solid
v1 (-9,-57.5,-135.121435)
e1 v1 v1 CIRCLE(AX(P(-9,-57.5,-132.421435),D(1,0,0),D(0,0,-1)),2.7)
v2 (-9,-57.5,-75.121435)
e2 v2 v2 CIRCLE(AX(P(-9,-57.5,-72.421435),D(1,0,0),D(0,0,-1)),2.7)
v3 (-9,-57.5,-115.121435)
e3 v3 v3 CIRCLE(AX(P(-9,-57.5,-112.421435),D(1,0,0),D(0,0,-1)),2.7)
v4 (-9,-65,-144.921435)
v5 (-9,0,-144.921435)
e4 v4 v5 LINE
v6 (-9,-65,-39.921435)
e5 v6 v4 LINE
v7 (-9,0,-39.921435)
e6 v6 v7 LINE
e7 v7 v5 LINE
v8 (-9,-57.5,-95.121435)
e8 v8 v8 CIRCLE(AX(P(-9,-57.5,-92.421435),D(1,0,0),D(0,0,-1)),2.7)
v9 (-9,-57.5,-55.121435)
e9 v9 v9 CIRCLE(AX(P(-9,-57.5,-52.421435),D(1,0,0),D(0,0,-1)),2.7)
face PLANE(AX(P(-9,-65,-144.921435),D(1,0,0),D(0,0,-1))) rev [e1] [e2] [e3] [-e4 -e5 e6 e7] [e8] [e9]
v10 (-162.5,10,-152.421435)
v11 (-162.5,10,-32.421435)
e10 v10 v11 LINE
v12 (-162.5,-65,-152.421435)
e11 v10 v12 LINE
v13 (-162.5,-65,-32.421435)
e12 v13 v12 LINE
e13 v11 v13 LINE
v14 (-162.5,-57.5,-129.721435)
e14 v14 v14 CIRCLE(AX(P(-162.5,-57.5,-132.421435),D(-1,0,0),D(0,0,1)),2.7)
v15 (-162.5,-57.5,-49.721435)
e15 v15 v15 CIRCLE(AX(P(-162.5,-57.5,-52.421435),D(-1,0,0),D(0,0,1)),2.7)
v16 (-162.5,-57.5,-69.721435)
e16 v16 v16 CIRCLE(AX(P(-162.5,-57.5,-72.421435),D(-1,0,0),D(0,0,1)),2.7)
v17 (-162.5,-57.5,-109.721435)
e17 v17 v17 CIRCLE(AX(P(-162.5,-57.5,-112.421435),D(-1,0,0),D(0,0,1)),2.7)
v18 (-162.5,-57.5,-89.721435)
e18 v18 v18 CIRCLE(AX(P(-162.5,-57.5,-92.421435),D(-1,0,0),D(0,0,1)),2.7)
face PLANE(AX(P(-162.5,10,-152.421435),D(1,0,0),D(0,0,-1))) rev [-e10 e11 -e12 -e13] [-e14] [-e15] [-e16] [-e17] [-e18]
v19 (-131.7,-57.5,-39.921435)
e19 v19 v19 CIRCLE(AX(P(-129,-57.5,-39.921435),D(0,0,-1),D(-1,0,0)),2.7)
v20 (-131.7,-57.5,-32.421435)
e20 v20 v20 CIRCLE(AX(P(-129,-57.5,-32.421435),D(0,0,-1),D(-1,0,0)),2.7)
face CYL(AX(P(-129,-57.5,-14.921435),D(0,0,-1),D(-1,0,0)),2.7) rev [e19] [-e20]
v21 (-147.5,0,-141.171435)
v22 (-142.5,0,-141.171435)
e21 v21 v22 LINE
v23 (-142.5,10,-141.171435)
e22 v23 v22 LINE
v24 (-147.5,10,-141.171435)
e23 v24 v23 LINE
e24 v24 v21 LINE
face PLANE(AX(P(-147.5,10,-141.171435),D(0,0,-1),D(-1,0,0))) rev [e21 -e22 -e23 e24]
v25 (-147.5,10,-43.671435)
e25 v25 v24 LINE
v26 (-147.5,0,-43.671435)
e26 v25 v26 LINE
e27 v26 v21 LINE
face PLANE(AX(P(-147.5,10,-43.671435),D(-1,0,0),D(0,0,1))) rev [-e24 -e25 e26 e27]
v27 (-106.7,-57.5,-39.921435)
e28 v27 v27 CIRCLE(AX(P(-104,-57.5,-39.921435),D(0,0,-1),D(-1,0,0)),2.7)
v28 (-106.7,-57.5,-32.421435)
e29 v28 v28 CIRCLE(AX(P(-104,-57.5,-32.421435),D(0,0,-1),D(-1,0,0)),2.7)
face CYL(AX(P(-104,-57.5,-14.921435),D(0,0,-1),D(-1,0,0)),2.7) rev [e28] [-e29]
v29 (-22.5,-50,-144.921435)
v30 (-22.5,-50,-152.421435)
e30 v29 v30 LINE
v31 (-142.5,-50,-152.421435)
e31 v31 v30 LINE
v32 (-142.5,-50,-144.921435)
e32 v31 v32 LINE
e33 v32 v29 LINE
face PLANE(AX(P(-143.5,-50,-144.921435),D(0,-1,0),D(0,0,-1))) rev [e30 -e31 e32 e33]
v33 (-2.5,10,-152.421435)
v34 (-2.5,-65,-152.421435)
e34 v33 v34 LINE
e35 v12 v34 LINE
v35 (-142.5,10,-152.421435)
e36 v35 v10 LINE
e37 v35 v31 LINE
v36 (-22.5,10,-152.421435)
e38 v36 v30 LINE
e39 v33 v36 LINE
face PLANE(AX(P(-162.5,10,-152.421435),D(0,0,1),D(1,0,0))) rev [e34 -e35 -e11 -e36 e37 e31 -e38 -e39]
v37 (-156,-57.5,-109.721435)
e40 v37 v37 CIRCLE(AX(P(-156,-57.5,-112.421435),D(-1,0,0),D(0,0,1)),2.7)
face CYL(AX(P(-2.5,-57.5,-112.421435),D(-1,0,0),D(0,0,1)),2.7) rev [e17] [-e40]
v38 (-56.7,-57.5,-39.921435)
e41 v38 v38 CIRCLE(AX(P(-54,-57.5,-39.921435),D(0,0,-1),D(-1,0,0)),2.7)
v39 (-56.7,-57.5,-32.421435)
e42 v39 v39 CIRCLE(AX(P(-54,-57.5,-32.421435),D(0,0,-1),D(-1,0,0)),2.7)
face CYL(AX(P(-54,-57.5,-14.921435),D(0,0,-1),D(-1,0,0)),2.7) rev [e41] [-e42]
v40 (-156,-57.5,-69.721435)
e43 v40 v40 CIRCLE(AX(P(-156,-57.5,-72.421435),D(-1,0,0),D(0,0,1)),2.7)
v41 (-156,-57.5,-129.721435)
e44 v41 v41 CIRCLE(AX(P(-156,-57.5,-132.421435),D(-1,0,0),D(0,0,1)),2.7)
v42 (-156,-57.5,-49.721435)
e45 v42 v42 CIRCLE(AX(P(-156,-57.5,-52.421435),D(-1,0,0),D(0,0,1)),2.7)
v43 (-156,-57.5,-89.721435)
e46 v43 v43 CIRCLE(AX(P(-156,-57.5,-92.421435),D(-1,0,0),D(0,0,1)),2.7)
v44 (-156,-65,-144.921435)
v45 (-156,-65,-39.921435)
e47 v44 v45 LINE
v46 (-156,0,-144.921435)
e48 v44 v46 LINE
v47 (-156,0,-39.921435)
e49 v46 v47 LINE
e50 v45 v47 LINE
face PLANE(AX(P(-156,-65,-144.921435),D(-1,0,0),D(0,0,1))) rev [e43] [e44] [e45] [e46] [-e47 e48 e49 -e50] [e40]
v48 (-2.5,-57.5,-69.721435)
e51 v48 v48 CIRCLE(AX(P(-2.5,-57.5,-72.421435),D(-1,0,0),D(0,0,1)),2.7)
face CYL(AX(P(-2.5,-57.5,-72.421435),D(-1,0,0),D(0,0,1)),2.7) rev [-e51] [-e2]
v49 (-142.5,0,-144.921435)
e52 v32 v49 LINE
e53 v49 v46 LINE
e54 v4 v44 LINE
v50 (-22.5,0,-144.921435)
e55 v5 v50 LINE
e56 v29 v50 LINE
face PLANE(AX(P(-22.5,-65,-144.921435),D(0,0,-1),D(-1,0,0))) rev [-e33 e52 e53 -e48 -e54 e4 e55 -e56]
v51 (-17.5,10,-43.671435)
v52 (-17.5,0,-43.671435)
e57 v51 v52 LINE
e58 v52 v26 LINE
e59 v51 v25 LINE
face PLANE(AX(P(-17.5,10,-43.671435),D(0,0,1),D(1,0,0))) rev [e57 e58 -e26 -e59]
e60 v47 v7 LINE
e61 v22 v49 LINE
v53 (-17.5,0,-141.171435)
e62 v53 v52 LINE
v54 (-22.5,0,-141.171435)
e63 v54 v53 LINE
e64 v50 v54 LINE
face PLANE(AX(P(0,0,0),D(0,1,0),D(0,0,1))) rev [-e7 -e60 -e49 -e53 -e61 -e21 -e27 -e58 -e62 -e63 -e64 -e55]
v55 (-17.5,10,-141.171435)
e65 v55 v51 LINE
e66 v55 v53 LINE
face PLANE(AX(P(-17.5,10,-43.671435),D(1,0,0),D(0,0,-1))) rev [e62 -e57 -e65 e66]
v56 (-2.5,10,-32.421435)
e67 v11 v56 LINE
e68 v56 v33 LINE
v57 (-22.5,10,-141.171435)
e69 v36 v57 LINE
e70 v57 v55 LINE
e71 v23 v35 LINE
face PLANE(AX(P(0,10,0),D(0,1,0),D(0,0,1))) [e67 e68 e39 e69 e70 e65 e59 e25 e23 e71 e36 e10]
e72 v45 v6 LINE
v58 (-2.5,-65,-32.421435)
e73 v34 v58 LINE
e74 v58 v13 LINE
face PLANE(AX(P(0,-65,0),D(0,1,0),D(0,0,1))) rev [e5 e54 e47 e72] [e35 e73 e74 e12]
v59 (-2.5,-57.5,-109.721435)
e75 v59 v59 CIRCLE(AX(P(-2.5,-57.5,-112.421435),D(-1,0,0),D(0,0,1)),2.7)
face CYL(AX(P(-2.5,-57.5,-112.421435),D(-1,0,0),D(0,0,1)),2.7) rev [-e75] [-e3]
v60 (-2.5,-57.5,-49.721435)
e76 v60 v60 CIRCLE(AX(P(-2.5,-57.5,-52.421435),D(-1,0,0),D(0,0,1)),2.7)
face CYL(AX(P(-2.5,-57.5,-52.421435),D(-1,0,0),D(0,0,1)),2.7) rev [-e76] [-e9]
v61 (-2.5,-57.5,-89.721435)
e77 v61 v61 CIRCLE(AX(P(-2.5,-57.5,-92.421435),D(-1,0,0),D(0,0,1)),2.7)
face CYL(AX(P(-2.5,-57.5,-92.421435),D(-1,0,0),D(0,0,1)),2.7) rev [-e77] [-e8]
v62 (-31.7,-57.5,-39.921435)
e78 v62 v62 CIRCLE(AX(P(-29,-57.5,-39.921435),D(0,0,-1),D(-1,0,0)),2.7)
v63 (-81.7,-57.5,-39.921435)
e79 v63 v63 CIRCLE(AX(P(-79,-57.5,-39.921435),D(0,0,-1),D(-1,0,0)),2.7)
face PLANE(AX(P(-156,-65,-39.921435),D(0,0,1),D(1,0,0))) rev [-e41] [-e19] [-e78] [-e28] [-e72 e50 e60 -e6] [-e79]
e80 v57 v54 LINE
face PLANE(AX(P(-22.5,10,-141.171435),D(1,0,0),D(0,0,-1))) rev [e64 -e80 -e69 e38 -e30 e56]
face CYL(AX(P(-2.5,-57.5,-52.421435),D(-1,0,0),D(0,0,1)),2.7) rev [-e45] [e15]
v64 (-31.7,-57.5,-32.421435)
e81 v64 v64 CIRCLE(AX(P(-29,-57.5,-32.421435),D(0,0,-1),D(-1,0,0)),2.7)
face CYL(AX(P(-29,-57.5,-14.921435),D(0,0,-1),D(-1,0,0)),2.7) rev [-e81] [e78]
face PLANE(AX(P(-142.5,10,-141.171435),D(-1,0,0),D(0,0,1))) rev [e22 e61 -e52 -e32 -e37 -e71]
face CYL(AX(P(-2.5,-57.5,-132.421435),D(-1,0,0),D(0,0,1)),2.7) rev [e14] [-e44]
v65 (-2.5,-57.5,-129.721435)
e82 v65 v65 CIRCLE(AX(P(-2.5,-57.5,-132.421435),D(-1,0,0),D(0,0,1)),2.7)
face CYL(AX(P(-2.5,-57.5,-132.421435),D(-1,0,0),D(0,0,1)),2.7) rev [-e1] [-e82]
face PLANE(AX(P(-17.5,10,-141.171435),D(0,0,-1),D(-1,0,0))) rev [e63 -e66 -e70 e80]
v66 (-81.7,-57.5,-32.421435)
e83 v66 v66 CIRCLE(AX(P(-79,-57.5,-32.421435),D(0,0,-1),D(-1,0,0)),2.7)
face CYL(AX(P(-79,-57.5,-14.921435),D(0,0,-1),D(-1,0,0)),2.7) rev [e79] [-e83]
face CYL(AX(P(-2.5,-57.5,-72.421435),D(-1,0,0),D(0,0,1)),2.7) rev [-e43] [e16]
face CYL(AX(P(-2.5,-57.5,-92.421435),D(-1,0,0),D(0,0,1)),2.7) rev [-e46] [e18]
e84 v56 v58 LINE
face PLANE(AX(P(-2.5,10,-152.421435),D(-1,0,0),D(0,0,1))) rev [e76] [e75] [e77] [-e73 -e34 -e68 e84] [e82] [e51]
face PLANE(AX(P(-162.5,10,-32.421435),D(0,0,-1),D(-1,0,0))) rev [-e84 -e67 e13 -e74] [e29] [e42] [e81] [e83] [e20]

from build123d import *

# Parameters (mm, degrees)
BOSS_EXTRUDE1_DEPTH = 10
BOSS_EXTRUDE2_DEPTH = 65
SKETCH5_R           = 2.7
M5HOLES_DEPTH       = 231.341689519
SKETCH6_R           = 2.7
M5_HOLES_DEPTH      = 25
SKETCH7_W           = 7.5
SKETCH7_H           = 15
BOSS_EXTRUDE3_DEPTH = 121


with BuildPart() as part:
    # Sketch1 → Boss-Extrude1 (new body)
    with BuildSketch(Plane(origin=(0, 0, 0), x_dir=(1, 0, 0), z_dir=(0, 1, 0))):
        Polygon((-142.5, 141.171435272), (-142.5, 152.421435272), (-162.5, 152.421435272), (-162.5, 32.421435272), (-2.5, 32.421435272), (-2.5, 152.421435272), (-22.5, 152.421435272), (-22.5, 141.171435272), (-17.5, 141.171435272), (-17.5, 43.671435272), (-147.5, 43.671435272), (-147.5, 141.171435272), align=None)
    extrude(amount=BOSS_EXTRUDE1_DEPTH)

    # Sketch2 → Boss-Extrude2 (add)
    with BuildSketch(Plane.XZ):
        Polygon((-156, -144.921435272), (-156, -39.921435272), (-9, -39.921435272), (-9, -144.921435272), (-22.5, -144.921435272), (-22.5, -152.421435272), (-2.5, -152.421435272), (-2.5, -32.421435272), (-162.5, -32.421435272), (-162.5, -152.421435272), (-142.5, -152.421435272), (-142.5, -144.921435272), align=None)
    extrude(amount=BOSS_EXTRUDE2_DEPTH)

    # Sketch5 → M5holes (cut, through all)
    with BuildSketch(Plane.ZY.offset(162.5)):
        with Locations((-132.421435272, -57.5)):
            Circle(SKETCH5_R)
        with Locations((-112.421435272, -57.5)):
            Circle(SKETCH5_R)
        with Locations((-92.421435272, -57.5)):
            Circle(SKETCH5_R)
        with Locations((-72.421435272, -57.5)):
            Circle(SKETCH5_R)
        with Locations((-52.421435272, -57.5)):
            Circle(SKETCH5_R)
    extrude(amount=-M5HOLES_DEPTH, mode=Mode.SUBTRACT)

    # Sketch6 → M5_holes (cut)
    with BuildSketch(Plane(origin=(0, 0, -39.921435272), x_dir=(-1, 0, 0), z_dir=(0, 0, -1))):
        with Locations((29, -57.5)):
            Circle(SKETCH6_R)
        with Locations((54, -57.5)):
            Circle(SKETCH6_R)
        with Locations((79, -57.5)):
            Circle(SKETCH6_R)
        with Locations((104, -57.5)):
            Circle(SKETCH6_R)
        with Locations((129, -57.5)):
            Circle(SKETCH6_R)
    extrude(amount=-M5_HOLES_DEPTH, mode=Mode.SUBTRACT)

    # Sketch7 → Boss-Extrude3 (add)
    with BuildSketch(Plane.ZY.offset(22.5)):
        with Locations((-148.671435272, -57.5)):
            Rectangle(SKETCH7_W, SKETCH7_H)
    extrude(amount=BOSS_EXTRUDE3_DEPTH)


solid = part.part
